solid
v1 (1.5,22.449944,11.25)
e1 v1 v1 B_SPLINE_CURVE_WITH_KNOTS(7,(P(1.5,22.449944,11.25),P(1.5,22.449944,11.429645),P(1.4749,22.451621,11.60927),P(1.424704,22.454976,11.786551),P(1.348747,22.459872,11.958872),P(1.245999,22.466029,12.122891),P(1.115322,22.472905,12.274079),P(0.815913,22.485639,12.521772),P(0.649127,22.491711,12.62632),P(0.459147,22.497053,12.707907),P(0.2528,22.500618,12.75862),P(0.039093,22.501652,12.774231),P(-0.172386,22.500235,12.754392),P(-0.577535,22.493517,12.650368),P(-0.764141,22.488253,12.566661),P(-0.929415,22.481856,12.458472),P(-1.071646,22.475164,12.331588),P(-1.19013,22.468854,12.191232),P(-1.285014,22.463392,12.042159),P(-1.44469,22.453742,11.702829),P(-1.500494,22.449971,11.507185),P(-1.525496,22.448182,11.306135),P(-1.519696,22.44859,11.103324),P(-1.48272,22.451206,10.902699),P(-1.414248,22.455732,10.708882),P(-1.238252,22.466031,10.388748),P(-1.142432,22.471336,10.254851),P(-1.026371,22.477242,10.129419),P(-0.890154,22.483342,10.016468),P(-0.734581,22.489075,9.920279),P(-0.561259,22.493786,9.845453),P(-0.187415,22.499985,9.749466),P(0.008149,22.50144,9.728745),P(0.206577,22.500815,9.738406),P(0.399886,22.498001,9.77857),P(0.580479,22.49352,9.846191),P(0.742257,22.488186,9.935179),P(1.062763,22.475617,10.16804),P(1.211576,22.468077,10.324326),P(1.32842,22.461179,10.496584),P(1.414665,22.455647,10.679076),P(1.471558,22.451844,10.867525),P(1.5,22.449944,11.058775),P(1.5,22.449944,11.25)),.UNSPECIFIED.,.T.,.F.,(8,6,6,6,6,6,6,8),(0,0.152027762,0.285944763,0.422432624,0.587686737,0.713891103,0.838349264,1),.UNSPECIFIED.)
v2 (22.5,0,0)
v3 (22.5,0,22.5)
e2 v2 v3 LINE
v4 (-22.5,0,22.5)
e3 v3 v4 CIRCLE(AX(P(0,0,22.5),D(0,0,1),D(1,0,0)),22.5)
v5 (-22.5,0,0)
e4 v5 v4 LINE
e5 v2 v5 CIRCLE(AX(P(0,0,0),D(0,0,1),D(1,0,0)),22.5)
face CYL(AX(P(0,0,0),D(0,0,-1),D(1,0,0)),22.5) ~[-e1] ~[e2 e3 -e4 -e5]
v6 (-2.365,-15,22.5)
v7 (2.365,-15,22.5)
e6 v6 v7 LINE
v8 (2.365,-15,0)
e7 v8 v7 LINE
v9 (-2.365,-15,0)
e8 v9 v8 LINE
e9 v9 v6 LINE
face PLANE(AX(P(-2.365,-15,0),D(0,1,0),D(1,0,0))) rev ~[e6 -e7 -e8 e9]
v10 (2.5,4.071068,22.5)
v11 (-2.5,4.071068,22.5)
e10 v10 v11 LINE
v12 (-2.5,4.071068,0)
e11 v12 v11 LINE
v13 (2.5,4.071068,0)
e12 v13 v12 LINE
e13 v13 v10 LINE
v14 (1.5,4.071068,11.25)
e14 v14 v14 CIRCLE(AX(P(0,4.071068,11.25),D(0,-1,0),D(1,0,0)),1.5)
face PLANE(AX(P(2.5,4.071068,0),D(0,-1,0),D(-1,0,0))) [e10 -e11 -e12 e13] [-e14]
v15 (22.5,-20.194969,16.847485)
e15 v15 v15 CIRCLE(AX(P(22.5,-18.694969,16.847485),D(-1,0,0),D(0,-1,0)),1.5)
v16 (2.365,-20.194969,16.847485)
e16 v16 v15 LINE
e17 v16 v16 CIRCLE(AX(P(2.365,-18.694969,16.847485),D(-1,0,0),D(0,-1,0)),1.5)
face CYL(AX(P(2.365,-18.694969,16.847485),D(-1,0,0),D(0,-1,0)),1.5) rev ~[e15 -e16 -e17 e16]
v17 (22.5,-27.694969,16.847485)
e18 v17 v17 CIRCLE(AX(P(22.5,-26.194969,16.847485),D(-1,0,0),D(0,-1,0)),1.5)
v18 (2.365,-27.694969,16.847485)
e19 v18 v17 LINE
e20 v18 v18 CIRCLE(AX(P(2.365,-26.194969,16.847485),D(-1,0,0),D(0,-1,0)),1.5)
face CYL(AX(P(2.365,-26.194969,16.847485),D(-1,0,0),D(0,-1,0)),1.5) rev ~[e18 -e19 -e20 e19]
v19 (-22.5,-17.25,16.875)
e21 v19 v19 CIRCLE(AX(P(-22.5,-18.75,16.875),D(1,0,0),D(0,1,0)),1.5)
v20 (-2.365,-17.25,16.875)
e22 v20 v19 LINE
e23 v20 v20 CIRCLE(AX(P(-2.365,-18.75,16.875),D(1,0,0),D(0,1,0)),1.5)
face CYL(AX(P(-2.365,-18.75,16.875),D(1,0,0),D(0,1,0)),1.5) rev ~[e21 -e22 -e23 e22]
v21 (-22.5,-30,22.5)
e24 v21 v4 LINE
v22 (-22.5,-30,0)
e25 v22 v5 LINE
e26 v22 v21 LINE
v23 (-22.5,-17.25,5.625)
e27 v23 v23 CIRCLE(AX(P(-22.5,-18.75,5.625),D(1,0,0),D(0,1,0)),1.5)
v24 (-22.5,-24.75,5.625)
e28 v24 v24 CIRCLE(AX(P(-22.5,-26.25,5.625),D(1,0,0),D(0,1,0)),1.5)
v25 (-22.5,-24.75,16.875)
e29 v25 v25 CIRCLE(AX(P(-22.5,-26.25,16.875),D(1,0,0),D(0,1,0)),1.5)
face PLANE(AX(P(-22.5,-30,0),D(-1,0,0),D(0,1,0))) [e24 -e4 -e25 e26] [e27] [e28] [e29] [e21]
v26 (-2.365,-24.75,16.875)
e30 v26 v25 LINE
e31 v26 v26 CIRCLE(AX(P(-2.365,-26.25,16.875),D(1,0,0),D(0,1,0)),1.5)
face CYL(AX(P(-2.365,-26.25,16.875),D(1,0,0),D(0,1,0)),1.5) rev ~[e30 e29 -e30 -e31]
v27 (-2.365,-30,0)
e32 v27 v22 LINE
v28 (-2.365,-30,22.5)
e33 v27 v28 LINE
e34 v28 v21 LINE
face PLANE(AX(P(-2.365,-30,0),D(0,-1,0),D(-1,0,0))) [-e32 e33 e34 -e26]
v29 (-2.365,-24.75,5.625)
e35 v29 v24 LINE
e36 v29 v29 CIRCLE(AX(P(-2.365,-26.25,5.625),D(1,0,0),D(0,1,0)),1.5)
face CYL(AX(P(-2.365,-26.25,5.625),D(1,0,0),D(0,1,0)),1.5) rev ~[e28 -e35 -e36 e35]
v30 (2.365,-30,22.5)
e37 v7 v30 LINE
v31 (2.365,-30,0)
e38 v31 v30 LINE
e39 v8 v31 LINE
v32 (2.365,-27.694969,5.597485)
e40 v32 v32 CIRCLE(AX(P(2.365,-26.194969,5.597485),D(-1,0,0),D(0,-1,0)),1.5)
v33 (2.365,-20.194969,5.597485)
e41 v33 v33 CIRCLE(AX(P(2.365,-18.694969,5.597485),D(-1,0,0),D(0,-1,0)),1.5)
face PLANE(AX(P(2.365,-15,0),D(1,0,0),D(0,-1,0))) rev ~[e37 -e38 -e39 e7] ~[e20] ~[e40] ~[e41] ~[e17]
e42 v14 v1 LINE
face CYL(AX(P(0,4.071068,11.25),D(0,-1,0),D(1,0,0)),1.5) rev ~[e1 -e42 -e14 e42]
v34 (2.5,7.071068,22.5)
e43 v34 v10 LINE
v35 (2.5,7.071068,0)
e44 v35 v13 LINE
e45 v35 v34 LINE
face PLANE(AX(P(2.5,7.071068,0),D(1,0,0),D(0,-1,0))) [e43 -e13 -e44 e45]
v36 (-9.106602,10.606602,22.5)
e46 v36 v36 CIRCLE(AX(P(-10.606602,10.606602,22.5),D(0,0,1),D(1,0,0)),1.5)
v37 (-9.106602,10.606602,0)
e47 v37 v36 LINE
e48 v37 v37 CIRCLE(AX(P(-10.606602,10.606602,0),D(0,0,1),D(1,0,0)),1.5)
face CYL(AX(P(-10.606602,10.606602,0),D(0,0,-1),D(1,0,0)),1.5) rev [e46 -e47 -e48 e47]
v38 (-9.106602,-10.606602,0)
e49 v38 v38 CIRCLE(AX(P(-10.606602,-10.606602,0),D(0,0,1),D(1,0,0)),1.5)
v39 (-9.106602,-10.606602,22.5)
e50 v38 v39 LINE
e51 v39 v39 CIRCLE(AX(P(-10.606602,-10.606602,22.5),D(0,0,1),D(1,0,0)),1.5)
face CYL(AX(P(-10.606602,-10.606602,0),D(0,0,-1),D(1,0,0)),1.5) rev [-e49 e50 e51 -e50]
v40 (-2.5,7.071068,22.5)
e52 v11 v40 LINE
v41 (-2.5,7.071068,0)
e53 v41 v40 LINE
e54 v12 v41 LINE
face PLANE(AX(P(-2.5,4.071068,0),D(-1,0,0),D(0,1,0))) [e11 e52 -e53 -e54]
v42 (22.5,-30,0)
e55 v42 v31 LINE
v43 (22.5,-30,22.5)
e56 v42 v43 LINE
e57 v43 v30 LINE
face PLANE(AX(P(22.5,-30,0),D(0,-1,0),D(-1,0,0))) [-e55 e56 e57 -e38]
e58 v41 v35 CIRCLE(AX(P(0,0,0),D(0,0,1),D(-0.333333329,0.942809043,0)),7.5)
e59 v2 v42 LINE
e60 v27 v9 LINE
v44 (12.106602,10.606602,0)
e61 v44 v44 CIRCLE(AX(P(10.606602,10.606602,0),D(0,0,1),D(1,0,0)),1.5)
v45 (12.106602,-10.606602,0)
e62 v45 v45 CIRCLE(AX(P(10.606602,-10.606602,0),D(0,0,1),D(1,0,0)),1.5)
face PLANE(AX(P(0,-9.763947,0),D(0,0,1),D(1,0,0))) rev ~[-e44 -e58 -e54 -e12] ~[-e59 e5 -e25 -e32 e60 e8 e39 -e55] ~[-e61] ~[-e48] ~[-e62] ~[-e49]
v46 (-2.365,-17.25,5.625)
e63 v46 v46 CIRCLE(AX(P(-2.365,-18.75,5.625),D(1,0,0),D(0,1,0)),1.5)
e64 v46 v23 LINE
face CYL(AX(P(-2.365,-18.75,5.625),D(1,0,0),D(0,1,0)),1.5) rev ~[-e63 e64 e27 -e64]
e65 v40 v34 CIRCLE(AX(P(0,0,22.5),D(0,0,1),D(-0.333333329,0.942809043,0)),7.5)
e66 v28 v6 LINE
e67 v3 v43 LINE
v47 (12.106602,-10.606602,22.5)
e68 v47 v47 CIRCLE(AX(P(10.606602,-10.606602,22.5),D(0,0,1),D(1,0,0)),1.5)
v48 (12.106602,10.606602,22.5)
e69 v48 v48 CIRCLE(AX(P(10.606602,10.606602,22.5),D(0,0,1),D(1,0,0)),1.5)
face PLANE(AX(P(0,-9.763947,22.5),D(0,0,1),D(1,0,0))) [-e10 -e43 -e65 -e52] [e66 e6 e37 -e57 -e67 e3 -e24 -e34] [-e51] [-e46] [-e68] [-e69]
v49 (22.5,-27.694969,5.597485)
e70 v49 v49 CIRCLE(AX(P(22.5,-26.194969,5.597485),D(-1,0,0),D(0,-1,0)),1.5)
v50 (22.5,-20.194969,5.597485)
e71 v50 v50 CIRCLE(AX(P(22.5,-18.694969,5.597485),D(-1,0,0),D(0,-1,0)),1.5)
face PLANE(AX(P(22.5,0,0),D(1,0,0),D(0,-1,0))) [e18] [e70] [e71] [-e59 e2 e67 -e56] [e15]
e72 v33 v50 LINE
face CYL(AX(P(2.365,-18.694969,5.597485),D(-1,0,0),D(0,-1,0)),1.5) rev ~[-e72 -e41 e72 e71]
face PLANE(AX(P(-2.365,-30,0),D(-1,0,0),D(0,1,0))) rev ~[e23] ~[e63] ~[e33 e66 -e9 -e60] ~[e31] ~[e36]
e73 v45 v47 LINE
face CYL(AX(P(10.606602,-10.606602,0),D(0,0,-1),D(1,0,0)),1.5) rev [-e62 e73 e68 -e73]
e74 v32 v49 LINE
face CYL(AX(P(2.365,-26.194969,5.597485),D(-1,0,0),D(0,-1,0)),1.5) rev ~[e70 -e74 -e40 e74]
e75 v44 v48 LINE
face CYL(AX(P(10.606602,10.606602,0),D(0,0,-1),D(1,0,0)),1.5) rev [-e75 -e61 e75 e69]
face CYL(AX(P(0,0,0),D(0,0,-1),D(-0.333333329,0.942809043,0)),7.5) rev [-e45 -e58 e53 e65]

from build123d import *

# Parameters (mm, degrees)
SKETCH_R        = 1.5
PAD_DEPTH       = 22.5
SKETCH001_R     = 1.5
POCKET_DEPTH    = 18.429932
SKETCH004_R     = 1.5
POCKET001_DEPTH = 20.136
SKETCH005_R     = 1.5
POCKET002_DEPTH = 20.136


with BuildPart() as part:
    # Sketch → Pad (new body)
    with BuildSketch(Plane.XY):
        with BuildLine():
            ThreePointArc((22.5, 0), (0, 22.5), (-22.5, 0))
            Line((-22.5, -30), (-22.5, 0))
            Line((-2.365, -30), (-22.5, -30))
            Line((-2.365, -30), (-2.365, -15))
            Line((-2.365, -15), (2.365, -15))
            Line((2.365, -15), (2.365, -30))
            Line((22.5, -30), (2.365, -30))
            Line((22.5, 0), (22.5, -30))
        make_face()
        with Locations((-10.606602, 10.606602)):
            Circle(SKETCH_R, mode=Mode.SUBTRACT)
        with Locations((-10.606602, -10.606602)):
            Circle(SKETCH_R, mode=Mode.SUBTRACT)
        with Locations((10.606602, -10.606602)):
            Circle(SKETCH_R, mode=Mode.SUBTRACT)
        with Locations((10.606602, 10.606602)):
            Circle(SKETCH_R, mode=Mode.SUBTRACT)
        with BuildLine():
            ThreePointArc((-2.5, 7.071068), (0, -7.5), (2.5, 7.071068))
            Line((2.5, 7.071068), (2.5, 4.071068))
            Line((2.5, 4.071068), (-2.5, 4.071068))
            Line((-2.5, 4.071068), (-2.5, 7.071068))
        make_face(mode=Mode.SUBTRACT)
    extrude(amount=PAD_DEPTH)

    # Sketch001 → Pocket (cut, through all)
    with BuildSketch(Plane.XZ.offset(-4.071068)):
        with Locations((0, 11.25)):
            Circle(SKETCH001_R)
    extrude(amount=-POCKET_DEPTH, mode=Mode.SUBTRACT)

    # Sketch004 → Pocket001 (cut, through all)
    with BuildSketch(Plane.YZ.offset(-2.365)):
        with Locations((-26.25, 16.875)):
            Circle(SKETCH004_R)
        with Locations((-18.75, 16.875)):
            Circle(SKETCH004_R)
        with Locations((-18.75, 5.625)):
            Circle(SKETCH004_R)
        with Locations((-26.25, 5.625)):
            Circle(SKETCH004_R)
    extrude(amount=-POCKET001_DEPTH, mode=Mode.SUBTRACT)

    # Sketch005 → Pocket002 (cut, through all)
    with BuildSketch(Plane(origin=(2.365, 0, 0), x_dir=(0, -1, 0), z_dir=(-1, 0, 0))):
        with Locations((18.694969, 16.847485)):
            Circle(SKETCH005_R)
        with Locations((26.194969, 16.847485)):
            Circle(SKETCH005_R)
        with Locations((18.694969, 5.597485)):
            Circle(SKETCH005_R)
        with Locations((26.194969, 5.597485)):
            Circle(SKETCH005_R)
    extrude(amount=-POCKET002_DEPTH, mode=Mode.SUBTRACT)


solid = part.part
